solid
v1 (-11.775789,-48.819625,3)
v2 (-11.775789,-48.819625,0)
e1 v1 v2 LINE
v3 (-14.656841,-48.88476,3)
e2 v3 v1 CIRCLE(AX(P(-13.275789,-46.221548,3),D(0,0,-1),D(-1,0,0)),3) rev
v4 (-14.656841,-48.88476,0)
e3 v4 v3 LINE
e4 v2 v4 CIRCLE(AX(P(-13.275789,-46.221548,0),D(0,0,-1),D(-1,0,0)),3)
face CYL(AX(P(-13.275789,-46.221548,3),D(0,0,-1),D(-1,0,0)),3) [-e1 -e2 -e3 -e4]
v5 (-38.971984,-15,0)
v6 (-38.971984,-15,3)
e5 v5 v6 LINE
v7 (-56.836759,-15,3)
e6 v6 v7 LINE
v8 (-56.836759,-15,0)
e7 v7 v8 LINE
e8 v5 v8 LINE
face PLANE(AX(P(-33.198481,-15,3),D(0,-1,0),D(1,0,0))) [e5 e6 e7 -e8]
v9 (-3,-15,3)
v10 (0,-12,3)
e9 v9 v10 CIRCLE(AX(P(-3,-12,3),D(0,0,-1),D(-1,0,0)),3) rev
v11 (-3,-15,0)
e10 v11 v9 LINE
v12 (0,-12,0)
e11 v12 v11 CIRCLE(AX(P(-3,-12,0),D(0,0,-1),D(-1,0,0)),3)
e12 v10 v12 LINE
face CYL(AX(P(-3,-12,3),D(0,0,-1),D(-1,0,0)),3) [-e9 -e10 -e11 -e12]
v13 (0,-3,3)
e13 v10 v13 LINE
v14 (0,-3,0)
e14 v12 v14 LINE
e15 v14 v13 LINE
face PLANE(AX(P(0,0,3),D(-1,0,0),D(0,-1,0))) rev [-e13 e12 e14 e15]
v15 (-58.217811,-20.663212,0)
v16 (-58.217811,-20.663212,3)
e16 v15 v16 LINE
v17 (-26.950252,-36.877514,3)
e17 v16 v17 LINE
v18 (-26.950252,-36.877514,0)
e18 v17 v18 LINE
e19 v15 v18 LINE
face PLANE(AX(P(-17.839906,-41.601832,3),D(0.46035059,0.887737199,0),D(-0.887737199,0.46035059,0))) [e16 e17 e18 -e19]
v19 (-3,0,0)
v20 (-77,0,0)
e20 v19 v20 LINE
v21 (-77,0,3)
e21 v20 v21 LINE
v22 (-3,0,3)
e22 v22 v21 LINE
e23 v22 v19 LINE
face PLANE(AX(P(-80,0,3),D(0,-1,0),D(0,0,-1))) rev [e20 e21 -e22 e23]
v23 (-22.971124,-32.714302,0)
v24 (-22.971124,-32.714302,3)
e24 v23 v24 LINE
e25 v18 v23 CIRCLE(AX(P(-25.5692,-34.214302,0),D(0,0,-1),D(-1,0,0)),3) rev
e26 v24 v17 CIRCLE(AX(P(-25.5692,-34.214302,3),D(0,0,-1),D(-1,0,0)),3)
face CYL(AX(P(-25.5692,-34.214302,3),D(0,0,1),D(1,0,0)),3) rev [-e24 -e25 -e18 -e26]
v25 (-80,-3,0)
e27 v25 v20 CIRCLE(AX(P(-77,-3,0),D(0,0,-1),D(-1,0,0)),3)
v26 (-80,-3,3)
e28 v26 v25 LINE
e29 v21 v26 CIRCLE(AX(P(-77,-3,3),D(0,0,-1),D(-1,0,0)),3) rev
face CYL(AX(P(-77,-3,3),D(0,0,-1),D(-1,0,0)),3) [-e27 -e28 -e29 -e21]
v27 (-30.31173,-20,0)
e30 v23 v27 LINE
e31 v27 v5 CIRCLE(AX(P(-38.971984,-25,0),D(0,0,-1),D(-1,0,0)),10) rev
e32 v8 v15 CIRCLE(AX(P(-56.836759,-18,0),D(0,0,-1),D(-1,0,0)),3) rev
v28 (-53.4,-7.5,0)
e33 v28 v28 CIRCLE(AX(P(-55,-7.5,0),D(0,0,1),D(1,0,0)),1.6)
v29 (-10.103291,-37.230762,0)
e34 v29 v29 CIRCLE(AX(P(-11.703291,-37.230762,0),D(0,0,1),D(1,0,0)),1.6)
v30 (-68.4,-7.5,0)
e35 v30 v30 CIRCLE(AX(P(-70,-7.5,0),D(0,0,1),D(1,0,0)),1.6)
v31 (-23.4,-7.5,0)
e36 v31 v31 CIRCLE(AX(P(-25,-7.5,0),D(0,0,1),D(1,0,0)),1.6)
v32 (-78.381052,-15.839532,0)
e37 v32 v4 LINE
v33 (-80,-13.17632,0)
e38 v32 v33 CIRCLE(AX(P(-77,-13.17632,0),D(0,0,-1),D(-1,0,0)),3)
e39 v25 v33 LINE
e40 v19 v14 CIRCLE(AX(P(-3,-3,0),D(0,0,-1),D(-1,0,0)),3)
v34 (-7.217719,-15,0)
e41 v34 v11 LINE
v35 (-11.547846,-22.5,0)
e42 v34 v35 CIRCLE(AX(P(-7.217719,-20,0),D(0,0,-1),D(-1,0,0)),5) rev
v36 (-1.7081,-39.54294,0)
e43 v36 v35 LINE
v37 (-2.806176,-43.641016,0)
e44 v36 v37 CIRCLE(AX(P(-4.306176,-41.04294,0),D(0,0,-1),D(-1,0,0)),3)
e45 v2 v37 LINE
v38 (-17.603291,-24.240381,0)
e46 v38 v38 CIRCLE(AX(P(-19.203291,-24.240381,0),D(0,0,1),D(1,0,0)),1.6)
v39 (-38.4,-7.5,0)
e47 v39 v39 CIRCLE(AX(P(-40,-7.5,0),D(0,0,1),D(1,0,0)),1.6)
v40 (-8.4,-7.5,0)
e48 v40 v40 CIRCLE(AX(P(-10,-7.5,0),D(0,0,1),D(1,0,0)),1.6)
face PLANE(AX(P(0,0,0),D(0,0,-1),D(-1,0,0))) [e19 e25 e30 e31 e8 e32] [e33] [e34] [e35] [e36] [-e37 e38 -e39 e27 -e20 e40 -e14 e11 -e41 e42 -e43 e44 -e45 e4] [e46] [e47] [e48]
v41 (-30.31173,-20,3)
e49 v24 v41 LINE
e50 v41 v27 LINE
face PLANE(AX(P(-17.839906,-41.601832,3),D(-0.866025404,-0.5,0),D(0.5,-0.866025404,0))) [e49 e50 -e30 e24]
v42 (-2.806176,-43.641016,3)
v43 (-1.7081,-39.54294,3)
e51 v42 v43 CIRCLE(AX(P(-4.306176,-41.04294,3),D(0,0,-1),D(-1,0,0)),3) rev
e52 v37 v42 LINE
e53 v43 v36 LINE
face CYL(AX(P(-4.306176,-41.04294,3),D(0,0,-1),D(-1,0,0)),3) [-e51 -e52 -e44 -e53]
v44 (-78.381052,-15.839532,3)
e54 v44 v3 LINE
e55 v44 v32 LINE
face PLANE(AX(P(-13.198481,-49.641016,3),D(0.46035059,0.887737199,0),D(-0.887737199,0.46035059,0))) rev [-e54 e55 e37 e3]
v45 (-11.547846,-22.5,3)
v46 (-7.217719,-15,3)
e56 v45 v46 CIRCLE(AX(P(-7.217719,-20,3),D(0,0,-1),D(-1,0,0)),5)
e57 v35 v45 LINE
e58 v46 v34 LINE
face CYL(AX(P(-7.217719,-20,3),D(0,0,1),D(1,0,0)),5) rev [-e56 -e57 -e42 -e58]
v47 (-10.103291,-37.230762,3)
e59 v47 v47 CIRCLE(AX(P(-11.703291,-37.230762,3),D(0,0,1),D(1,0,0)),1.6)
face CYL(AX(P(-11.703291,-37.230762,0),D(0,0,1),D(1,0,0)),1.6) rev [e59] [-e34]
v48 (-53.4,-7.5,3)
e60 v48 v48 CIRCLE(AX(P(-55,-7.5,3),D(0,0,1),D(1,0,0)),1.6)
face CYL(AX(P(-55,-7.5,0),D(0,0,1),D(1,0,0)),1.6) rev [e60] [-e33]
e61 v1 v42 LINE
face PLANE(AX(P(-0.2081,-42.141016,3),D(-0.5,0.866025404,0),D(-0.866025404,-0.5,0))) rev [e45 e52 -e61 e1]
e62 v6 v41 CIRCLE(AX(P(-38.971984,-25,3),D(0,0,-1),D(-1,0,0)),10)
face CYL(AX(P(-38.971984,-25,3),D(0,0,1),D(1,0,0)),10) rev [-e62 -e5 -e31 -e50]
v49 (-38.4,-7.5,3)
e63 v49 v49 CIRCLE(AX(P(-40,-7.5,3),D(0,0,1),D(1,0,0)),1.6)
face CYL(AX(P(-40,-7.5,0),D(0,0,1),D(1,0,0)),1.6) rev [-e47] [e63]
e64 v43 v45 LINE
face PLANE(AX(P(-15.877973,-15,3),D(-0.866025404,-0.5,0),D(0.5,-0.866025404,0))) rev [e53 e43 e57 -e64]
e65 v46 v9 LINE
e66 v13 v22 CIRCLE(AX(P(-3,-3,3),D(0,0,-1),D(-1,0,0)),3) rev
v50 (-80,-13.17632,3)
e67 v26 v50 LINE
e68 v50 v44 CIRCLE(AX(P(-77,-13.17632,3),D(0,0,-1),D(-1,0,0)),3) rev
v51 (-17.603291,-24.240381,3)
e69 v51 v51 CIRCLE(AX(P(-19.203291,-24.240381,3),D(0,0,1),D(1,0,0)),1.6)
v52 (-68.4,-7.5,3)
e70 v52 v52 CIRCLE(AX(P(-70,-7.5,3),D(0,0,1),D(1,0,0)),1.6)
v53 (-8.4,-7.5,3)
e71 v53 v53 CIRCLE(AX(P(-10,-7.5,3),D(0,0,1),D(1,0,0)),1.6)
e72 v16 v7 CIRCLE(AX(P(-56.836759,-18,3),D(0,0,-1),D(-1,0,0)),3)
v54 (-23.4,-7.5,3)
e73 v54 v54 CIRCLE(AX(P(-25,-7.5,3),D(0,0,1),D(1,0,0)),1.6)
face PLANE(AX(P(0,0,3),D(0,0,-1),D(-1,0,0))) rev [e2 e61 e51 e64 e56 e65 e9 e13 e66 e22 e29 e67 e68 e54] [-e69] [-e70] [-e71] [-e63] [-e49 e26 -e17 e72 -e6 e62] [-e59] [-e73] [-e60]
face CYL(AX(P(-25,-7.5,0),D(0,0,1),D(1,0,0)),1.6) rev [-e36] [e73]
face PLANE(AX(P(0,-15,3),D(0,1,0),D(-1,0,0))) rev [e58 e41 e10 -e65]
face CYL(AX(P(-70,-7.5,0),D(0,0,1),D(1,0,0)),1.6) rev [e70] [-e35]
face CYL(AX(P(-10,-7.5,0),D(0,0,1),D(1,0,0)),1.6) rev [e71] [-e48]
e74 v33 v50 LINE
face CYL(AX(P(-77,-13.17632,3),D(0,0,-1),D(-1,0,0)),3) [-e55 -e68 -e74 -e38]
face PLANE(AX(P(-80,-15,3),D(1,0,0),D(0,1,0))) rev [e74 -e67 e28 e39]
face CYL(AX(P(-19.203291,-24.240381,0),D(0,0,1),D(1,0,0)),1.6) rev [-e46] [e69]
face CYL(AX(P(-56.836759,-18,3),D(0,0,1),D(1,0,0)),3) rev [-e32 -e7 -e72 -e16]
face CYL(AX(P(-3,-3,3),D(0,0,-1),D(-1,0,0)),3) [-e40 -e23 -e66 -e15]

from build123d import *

# Parameters (mm, degrees)
EXTRUDE_1_DEPTH     = 3
FILLET_1_R          = 5
FILLET_2_R          = 10
FILLET_3_R          = 3
SKETCH_2_R          = 1.6
CUT_EXTRUDE_1_DEPTH = 3
FILLET_4_R          = 3


with BuildPart() as part:
    # 草图1 → 凸台-拉伸1 (new body)
    with BuildSketch(Plane.XY):
        Polygon((0, -15), (-15.87797303, -15), (-0.208100049, -42.141016151), (-13.198481106, -49.641016151), (-80, -15), (-80, 0), (0, 0), align=None)
        Polygon((-17.839906221, -41.601832032), (-33.198481106, -15), (-69.138712739, -15), align=None, mode=Mode.SUBTRACT)
    extrude(amount=EXTRUDE_1_DEPTH)

    # 圆角1
    fillet_1_edges = [part.edges().sort_by_distance(p)[0] for p in [
        (-15.87797303, -15, 1.5),
    ]]
    fillet(fillet_1_edges, radius=FILLET_1_R)

    # 圆角2
    fillet_2_edges = [part.edges().sort_by_distance(p)[0] for p in [
        (-33.198481106, -15, 1.5),
    ]]
    fillet(fillet_2_edges, radius=FILLET_2_R)

    # 圆角3
    fillet_3_edges = [part.edges().sort_by_distance(p)[0] for p in [
        (0, -15, 1.5),
        (-0.208100049, -42.141016151, 1.5),
        (-13.198481106, -49.641016151, 1.5),
        (-80, -15, 1.5),
        (-80, 0, 1.5),
        (0, 0, 1.5),
    ]]
    fillet(fillet_3_edges, radius=FILLET_3_R)

    # 草图2 → 切除-拉伸1 (cut)
    with BuildSketch(Plane.XY.offset(3)):
        with Locations((-11.703290577, -37.230762114)):
            Circle(SKETCH_2_R)
        with Locations((-19.203290577, -24.240381057)):
            Circle(SKETCH_2_R)
        with Locations((-10, -7.5)):
            Circle(SKETCH_2_R)
        with Locations((-25, -7.5)):
            Circle(SKETCH_2_R)
        with Locations((-40, -7.5)):
            Circle(SKETCH_2_R)
        with Locations((-55, -7.5)):
            Circle(SKETCH_2_R)
        with Locations((-70, -7.5)):
            Circle(SKETCH_2_R)
    extrude(amount=-CUT_EXTRUDE_1_DEPTH, mode=Mode.SUBTRACT)

    # 圆角4
    fillet_4_edges = [part.edges().sort_by_distance(p)[0] for p in [
        (-69.138712739, -15, 1.5),
        (-17.839906221, -41.601832032, 1.5),
    ]]
    fillet(fillet_4_edges, radius=FILLET_4_R)


solid = part.part
